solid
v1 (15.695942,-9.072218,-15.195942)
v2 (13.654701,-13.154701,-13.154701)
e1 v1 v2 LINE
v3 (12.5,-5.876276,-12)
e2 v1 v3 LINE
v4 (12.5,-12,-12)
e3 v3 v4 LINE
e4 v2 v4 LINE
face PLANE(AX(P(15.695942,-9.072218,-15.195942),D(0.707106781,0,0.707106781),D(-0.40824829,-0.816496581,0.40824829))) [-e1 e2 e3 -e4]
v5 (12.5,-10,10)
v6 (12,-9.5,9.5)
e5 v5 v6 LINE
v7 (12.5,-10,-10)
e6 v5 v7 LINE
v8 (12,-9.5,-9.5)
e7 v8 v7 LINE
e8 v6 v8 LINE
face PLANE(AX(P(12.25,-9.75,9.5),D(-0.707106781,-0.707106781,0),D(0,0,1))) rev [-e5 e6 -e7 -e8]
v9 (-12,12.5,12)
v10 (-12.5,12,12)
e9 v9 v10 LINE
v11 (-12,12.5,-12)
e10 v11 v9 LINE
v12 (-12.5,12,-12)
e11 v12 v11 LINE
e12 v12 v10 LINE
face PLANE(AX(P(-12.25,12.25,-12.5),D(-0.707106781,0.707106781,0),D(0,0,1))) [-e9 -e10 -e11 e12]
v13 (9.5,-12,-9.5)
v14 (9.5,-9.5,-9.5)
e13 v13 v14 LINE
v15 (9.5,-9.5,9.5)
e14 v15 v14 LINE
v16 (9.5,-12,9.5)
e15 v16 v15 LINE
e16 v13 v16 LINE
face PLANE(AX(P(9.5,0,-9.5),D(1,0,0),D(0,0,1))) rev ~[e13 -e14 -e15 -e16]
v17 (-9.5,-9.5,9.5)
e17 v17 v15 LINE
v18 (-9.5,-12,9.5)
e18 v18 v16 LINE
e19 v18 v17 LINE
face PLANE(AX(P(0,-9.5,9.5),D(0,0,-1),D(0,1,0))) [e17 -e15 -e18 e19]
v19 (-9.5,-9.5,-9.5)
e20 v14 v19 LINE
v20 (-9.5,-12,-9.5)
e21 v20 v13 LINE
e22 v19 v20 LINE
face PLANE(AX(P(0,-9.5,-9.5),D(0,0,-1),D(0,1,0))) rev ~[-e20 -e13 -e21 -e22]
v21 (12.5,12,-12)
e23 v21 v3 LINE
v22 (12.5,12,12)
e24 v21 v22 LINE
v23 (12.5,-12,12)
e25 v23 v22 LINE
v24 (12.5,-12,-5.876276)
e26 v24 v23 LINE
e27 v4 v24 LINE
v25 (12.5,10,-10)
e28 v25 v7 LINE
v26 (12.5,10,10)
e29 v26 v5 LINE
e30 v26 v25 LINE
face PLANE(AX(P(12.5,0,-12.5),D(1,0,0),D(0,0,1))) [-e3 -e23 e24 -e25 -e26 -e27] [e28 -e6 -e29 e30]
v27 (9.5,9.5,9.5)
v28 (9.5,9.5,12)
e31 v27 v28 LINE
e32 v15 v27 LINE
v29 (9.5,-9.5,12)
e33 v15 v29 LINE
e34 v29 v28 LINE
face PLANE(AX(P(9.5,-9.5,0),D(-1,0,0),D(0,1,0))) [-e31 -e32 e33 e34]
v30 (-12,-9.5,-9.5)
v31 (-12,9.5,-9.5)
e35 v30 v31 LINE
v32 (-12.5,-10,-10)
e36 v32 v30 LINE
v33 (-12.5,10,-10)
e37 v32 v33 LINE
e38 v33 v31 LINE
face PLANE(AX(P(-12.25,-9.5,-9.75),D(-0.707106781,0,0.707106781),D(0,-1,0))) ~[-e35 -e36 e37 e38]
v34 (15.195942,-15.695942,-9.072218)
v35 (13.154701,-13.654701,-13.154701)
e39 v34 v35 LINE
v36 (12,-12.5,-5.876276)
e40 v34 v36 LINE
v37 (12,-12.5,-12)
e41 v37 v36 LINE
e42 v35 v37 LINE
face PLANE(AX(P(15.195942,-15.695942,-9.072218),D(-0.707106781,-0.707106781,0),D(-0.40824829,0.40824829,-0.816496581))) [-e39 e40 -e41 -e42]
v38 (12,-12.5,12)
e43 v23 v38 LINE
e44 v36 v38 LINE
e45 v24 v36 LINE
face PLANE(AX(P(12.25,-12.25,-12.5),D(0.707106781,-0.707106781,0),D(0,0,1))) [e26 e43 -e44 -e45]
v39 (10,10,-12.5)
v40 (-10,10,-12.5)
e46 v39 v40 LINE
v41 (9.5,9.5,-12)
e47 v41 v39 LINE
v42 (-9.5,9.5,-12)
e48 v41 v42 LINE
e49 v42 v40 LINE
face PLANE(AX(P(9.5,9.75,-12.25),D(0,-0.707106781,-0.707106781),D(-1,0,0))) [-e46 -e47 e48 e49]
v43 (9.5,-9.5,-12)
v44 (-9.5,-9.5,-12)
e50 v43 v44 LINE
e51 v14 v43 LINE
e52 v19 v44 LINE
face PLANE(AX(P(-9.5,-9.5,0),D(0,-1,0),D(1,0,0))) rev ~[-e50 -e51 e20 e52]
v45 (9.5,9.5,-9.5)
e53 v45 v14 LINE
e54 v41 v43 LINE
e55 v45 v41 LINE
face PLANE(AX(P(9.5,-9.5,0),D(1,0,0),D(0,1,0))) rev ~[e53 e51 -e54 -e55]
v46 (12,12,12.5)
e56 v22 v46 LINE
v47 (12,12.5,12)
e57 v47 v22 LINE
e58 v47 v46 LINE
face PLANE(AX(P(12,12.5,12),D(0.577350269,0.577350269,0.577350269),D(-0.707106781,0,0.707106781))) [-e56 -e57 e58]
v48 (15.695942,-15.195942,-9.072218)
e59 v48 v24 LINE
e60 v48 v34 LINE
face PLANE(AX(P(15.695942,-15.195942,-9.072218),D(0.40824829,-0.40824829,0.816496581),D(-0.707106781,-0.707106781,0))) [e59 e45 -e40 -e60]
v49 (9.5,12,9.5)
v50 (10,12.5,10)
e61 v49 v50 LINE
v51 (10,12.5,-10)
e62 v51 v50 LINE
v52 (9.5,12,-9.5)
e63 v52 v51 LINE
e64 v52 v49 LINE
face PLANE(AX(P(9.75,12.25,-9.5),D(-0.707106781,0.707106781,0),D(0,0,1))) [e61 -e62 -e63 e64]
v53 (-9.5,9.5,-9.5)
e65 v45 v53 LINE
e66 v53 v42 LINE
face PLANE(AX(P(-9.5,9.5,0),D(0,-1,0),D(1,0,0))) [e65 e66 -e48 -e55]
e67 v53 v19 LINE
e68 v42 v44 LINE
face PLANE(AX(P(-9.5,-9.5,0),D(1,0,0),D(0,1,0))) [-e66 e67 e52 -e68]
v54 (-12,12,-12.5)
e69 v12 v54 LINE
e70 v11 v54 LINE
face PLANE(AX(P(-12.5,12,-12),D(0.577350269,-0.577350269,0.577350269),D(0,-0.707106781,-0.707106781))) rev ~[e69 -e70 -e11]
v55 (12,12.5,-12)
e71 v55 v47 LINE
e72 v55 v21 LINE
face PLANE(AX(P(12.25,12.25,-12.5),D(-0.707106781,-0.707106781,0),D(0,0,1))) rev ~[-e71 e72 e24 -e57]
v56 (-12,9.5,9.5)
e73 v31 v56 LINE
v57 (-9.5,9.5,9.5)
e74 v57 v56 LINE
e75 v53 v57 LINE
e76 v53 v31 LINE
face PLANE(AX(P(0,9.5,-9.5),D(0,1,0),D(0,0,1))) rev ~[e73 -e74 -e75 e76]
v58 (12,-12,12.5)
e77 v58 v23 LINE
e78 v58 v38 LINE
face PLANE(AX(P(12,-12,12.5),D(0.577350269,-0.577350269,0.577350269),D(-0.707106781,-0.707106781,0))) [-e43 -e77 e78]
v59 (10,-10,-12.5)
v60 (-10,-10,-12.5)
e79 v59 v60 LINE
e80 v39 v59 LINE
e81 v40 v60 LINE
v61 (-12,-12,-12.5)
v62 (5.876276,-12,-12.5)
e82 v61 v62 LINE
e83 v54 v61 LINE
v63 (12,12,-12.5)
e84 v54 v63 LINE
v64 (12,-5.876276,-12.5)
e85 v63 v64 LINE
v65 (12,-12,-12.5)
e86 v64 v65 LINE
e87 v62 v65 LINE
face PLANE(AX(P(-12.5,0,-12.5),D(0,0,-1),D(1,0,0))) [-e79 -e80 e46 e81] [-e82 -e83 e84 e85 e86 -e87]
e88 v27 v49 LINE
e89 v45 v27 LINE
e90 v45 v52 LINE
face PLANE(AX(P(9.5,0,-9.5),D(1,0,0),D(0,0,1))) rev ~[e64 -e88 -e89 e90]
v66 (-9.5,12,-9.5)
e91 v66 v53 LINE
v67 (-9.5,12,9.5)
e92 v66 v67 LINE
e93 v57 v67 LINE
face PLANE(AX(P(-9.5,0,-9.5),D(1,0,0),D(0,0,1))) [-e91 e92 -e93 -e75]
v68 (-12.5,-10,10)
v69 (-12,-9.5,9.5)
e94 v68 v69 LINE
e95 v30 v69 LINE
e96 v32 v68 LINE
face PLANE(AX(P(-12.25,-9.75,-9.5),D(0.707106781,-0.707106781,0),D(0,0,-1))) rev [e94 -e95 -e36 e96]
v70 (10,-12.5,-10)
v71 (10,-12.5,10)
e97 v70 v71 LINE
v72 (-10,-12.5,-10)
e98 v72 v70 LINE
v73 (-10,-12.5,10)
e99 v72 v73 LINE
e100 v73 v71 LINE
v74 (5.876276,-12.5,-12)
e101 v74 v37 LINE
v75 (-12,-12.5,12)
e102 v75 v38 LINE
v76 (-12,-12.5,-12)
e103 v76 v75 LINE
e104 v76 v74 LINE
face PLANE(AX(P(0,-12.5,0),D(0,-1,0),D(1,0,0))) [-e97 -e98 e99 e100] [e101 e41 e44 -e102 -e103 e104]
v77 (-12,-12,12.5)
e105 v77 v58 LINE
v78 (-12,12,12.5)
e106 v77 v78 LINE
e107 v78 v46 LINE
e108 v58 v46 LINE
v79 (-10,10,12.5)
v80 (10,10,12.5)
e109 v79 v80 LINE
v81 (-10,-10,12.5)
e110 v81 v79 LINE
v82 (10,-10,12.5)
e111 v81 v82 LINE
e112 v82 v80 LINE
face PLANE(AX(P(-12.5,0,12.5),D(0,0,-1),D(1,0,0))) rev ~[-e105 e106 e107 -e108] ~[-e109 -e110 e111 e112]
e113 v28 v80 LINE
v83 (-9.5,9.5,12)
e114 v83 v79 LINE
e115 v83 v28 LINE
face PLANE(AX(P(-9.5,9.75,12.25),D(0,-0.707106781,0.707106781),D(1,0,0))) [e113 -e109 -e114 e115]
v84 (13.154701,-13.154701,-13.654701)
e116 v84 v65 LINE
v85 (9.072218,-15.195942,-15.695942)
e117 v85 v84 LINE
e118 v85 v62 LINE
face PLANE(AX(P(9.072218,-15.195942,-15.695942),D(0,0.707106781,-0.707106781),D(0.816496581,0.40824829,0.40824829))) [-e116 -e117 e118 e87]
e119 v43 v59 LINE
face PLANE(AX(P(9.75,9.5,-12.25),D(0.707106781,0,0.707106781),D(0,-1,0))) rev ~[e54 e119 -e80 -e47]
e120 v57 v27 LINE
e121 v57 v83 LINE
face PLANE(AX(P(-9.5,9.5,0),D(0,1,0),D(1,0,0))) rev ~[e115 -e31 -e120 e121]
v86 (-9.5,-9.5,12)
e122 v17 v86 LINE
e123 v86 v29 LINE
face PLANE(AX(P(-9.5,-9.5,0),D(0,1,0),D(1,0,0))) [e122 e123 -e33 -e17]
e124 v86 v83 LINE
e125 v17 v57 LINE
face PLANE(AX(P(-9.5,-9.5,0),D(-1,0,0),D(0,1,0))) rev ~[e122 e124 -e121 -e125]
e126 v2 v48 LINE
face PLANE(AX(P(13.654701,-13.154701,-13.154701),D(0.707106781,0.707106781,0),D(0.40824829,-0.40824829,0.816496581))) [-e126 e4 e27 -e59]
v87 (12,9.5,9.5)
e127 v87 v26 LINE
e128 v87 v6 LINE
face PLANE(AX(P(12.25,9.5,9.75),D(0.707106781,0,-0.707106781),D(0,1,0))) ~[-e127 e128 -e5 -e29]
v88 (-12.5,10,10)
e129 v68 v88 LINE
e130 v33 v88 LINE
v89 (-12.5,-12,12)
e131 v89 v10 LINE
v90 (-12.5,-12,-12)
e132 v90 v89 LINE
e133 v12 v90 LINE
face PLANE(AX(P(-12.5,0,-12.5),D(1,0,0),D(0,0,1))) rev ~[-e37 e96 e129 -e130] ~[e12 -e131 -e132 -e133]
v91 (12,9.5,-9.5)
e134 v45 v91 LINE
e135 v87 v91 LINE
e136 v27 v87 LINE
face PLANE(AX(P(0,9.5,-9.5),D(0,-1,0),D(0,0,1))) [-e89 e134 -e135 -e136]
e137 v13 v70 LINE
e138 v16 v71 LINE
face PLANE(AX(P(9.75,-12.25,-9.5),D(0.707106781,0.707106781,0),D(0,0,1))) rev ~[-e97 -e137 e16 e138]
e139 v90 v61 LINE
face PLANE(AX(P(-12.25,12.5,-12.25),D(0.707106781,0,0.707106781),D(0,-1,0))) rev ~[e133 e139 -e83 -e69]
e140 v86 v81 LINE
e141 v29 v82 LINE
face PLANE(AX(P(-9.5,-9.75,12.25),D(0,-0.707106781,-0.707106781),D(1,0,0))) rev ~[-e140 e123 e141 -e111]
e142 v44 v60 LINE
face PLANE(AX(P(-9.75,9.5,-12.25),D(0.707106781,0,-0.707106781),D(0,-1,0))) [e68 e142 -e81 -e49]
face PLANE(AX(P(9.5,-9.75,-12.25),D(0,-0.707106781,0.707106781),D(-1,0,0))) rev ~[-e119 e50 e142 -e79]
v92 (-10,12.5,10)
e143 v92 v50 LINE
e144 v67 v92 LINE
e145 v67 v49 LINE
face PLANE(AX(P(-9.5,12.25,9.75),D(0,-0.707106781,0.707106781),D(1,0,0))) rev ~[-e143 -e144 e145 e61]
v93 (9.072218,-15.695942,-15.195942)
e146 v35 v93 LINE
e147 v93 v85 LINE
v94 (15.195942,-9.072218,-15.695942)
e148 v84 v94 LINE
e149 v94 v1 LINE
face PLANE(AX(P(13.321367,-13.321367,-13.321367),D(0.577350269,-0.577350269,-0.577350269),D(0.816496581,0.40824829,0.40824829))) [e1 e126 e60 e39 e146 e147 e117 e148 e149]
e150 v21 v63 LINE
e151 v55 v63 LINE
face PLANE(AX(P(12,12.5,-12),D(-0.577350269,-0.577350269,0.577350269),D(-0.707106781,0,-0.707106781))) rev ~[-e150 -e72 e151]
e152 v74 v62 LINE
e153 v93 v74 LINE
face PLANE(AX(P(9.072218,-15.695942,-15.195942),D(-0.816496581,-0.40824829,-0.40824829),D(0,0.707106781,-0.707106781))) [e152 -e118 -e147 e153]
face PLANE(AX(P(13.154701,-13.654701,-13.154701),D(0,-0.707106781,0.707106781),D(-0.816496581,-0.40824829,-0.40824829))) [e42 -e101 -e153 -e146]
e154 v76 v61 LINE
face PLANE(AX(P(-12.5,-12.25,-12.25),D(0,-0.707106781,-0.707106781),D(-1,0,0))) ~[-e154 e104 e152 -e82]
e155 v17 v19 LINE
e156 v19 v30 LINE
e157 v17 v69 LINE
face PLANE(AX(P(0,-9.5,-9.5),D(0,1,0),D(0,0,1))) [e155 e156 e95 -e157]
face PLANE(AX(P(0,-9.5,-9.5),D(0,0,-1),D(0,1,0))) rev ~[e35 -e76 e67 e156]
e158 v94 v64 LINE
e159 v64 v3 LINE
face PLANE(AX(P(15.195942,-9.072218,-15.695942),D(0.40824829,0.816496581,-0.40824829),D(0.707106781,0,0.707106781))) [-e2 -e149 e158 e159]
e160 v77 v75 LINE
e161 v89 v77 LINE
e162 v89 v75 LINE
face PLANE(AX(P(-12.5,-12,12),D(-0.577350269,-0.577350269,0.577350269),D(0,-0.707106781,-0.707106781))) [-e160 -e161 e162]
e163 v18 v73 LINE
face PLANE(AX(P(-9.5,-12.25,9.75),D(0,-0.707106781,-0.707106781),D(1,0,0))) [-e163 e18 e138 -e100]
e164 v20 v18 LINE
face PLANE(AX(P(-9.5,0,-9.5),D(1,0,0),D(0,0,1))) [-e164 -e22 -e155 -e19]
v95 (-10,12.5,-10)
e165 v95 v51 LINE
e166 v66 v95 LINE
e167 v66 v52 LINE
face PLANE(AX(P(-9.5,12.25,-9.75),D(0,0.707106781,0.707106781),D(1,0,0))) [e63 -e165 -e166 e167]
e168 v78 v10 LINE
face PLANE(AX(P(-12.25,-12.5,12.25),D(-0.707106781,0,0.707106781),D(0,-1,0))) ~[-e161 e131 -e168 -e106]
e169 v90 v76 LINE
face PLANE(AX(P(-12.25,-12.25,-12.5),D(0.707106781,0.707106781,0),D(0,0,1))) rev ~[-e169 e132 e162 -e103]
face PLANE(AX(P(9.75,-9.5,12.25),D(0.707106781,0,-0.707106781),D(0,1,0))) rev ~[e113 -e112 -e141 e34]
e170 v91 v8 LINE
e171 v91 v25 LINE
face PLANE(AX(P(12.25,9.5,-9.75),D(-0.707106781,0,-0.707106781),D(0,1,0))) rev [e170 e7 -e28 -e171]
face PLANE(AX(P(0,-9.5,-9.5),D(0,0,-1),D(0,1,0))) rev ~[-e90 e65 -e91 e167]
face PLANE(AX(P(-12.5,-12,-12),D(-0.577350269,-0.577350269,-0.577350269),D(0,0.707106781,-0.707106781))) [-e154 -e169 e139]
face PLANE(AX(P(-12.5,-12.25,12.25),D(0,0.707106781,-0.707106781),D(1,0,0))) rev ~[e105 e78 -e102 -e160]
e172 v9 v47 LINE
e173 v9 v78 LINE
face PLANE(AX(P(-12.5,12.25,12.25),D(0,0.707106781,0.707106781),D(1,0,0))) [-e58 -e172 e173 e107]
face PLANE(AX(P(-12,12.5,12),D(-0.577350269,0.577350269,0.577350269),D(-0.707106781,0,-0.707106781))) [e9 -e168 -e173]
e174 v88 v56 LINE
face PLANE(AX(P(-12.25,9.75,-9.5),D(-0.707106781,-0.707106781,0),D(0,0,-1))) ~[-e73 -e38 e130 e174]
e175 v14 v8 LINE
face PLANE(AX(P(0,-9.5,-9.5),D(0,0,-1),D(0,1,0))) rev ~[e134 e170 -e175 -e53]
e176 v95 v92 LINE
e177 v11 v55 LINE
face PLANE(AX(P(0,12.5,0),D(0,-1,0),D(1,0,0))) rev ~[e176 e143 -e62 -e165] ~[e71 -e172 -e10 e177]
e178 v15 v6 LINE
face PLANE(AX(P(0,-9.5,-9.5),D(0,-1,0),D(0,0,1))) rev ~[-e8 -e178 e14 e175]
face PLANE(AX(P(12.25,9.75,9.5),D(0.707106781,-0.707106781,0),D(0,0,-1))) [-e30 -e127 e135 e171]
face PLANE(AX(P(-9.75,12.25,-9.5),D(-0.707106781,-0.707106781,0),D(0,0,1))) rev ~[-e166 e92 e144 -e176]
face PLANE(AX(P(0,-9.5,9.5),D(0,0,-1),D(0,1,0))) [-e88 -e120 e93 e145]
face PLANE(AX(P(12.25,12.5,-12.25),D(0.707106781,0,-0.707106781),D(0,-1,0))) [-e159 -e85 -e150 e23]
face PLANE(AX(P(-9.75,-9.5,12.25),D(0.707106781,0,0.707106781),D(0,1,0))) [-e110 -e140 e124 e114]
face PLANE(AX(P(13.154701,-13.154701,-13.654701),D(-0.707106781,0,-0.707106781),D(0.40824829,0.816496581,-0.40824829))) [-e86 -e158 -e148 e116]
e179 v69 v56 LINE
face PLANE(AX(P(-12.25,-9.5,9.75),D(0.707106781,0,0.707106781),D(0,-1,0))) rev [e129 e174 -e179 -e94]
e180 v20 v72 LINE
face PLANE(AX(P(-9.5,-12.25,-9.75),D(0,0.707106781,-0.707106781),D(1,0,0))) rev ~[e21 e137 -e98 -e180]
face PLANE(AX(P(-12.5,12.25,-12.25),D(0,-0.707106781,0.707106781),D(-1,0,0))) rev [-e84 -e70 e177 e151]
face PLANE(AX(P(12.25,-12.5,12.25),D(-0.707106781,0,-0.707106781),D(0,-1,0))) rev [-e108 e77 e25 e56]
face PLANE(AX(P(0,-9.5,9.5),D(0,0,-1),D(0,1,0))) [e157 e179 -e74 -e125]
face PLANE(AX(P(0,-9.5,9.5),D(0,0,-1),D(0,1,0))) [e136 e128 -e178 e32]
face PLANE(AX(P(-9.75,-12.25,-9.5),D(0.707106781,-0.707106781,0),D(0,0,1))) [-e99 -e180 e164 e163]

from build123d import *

# Parameters (mm, degrees)
F0_W          = 25
F0_H          = 25
F0_W_2        = 19
F0_H_2        = 19
F1_DEPTH      = 12.5
F1_DEPTH_BACK = 12.5
F2_W          = 19
F2_H          = 19
F3_DEPTH      = 25
F3_DEPTH_BACK = 25
F4_W          = 19
F4_H          = 19
F5_DEPTH      = 25
F5_DEPTH_BACK = 25
F6_SIZE       = 0.5
F9_DEPTH      = 5.5355339059


with BuildPart() as f1:
    # F0 (on Front) → F1 (new body, two sides)
    with BuildSketch(Plane.XZ) as f1_sk:
        Rectangle(F0_W, F0_H)
        Rectangle(F0_W_2, F0_H_2, mode=Mode.SUBTRACT)
    extrude(amount=F1_DEPTH)
    extrude(f1_sk.sketch, amount=-F1_DEPTH_BACK)

    # F2 (on Right) → F3 (cut, two sides)
    with BuildSketch(Plane.YZ) as f3_sk:
        Rectangle(F2_W, F2_H)
    extrude(amount=-F3_DEPTH, mode=Mode.SUBTRACT)
    extrude(f3_sk.sketch, amount=F3_DEPTH_BACK, mode=Mode.SUBTRACT)

    # F4 (on Top) → F5 (cut, two sides)
    with BuildSketch(Plane.XY) as f5_sk:
        Rectangle(F4_W, F4_H)
    extrude(amount=-F5_DEPTH, mode=Mode.SUBTRACT)
    extrude(f5_sk.sketch, amount=F5_DEPTH_BACK, mode=Mode.SUBTRACT)

    # F6
    f6_edges = [f1.edges().sort_by_distance(p)[0] for p in [
        (12.5, -12.5, 0),
        (12.5, 0, -12.5),
        (12.5, 0, 12.5),
        (12.5, 12.5, 0),
        (12.5, 0, -9.5),
        (12.5, -9.5, 0),
        (12.5, 0, 9.5),
        (12.5, 9.5, 0),
        (0, -12.5, 12.5),
        (-12.5, 0, 12.5),
        (0, 12.5, 12.5),
        (9.5, 0, 12.5),
        (0, -9.5, 12.5),
        (-9.5, 0, 12.5),
        (0, 9.5, 12.5),
        (0, -12.5, -12.5),
        (-12.5, -12.5, 0),
        (9.5, -12.5, 0),
        (0, -12.5, -9.5),
        (-9.5, -12.5, 0),
        (0, -12.5, 9.5),
        (0, 12.5, -12.5),
        (-12.5, 12.5, 0),
        (9.5, 12.5, 0),
        (0, 12.5, -9.5),
        (-9.5, 12.5, 0),
        (0, 12.5, 9.5),
        (-12.5, 0, -12.5),
        (-12.5, 0, -9.5),
        (-12.5, 9.5, 0),
        (-12.5, 0, 9.5),
        (-12.5, -9.5, 0),
        (9.5, 0, -12.5),
        (0, 9.5, -12.5),
        (-9.5, 0, -12.5),
        (0, -9.5, -12.5),
    ]]
    chamfer(f6_edges, length=F6_SIZE)

    # F8 (on offset) → F9 (join, through all)
    with BuildSketch(Plane(origin=(13.321367205, -13.321367205, -13.321367205), x_dir=(0.8164965809, 0.4082482905, 0.4082482905), z_dir=(0.5773502692, -0.5773502692, -0.5773502692))):
        Polygon((2.9082482905, -4.3301270189), (0.4082482905, 0), (2.9082482905, 4.3301270189), (2.2958758548, 4.6836804095), (-0.2041241452, 0.3535533906), (-5.2041241452, 0.3535533906), (-5.2041241452, -0.3535533906), (-0.2041241452, -0.3535533906), (2.2958758548, -4.6836804095), align=None)
    extrude(amount=-F9_DEPTH)


solid = f1.part
